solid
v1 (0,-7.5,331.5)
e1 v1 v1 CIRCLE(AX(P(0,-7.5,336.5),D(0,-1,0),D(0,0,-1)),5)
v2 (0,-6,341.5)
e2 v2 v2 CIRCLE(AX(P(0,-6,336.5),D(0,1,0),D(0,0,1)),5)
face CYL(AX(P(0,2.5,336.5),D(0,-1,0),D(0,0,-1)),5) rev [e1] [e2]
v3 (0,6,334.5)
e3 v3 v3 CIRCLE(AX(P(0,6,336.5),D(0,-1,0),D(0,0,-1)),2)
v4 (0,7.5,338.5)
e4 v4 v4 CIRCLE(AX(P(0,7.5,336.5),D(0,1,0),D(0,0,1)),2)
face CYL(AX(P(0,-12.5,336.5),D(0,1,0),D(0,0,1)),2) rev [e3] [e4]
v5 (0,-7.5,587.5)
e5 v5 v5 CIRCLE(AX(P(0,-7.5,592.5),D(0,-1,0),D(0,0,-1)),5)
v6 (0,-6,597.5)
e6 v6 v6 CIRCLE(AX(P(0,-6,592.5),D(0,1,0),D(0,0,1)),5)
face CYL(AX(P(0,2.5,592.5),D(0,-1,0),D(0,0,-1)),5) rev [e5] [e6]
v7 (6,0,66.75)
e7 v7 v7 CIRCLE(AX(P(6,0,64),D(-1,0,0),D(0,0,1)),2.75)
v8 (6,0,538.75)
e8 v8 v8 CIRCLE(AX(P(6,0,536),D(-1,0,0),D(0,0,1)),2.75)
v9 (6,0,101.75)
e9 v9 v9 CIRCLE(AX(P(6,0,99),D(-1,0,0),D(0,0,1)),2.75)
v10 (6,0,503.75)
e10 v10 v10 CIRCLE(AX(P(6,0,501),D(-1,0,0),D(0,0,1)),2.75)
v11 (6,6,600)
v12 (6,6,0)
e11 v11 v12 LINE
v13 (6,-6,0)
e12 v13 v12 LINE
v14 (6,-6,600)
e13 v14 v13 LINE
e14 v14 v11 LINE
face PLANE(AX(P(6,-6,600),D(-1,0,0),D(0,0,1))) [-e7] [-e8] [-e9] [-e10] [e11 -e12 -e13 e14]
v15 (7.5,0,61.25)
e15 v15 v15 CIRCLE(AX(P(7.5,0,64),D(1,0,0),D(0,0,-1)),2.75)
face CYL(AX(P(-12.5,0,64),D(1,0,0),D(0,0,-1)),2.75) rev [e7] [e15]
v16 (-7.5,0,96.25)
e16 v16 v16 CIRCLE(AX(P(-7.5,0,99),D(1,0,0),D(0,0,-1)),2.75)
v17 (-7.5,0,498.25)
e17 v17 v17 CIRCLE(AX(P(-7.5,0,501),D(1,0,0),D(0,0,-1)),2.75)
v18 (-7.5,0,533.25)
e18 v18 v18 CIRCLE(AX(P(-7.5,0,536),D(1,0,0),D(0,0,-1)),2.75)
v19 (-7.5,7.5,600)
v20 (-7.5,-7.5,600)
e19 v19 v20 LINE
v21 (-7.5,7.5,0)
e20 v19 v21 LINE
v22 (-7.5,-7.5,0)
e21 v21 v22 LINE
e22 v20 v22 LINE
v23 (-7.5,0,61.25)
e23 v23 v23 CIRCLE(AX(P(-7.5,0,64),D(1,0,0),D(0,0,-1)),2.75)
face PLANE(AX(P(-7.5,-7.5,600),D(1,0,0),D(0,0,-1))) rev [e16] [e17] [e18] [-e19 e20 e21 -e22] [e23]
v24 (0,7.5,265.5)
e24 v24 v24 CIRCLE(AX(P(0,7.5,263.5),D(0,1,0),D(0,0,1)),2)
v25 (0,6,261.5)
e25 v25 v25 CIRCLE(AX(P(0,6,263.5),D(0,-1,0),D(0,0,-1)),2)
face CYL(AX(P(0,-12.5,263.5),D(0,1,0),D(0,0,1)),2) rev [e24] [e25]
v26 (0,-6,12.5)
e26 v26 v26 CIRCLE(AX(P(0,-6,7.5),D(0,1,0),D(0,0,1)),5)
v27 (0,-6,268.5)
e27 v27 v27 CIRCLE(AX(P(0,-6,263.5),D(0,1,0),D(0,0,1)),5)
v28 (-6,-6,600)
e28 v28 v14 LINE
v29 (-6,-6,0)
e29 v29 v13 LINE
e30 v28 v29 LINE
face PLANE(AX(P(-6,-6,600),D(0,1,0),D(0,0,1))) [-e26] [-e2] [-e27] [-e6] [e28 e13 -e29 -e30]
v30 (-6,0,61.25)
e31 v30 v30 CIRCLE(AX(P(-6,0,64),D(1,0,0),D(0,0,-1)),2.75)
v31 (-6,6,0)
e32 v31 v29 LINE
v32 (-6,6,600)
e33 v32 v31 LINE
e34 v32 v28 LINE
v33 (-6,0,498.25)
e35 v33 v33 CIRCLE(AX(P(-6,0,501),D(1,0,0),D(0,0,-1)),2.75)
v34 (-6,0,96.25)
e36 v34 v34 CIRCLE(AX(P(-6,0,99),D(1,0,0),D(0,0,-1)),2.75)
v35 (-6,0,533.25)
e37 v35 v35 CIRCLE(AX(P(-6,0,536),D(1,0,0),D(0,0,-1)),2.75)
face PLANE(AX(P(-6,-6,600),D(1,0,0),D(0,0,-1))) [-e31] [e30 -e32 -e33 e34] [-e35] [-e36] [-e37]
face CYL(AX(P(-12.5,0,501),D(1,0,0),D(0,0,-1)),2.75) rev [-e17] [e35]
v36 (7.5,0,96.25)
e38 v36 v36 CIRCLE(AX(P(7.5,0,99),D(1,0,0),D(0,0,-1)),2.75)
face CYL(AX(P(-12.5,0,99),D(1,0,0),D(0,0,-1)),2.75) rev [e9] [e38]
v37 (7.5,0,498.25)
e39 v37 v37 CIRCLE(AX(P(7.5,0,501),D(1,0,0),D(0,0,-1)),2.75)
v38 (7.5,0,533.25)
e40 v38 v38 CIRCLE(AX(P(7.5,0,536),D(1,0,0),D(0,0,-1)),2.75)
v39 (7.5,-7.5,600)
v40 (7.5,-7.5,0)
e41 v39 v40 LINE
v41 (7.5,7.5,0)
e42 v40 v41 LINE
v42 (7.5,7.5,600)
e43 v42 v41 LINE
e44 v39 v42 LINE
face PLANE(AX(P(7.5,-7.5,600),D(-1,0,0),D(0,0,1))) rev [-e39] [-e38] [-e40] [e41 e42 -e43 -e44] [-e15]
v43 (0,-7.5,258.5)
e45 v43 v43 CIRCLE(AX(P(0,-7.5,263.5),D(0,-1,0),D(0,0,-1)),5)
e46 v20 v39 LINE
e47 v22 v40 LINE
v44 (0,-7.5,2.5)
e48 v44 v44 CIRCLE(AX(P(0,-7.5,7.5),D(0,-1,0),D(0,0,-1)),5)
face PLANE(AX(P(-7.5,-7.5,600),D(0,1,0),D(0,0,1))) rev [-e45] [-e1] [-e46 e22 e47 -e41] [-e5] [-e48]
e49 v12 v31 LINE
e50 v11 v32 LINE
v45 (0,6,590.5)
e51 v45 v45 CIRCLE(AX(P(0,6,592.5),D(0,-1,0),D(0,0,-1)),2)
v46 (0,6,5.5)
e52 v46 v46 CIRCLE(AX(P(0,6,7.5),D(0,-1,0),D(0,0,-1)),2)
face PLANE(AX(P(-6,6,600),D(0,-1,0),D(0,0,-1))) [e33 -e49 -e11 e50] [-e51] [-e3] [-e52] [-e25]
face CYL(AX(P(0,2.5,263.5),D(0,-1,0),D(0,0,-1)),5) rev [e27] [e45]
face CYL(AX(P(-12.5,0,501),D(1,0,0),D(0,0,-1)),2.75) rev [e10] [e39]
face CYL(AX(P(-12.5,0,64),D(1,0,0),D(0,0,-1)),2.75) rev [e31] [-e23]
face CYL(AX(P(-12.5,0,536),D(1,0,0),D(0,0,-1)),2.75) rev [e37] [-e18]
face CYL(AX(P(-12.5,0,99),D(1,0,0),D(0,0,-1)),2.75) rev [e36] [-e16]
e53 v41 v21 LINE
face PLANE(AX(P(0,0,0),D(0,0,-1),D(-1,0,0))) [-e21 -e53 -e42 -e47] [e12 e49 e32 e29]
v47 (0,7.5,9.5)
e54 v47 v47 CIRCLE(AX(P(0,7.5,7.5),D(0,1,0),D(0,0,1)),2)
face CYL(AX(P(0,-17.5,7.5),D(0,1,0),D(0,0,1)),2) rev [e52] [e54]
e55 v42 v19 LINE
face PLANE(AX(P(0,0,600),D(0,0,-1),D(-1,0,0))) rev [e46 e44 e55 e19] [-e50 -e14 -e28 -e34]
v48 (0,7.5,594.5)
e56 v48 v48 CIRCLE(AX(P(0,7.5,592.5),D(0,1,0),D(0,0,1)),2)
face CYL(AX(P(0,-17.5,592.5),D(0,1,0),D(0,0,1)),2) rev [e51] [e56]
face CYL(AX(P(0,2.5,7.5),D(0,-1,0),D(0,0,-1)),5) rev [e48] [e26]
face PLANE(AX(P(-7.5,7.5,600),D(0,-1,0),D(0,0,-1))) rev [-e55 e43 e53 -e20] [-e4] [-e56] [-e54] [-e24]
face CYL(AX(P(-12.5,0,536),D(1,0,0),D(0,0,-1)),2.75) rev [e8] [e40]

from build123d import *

# Parameters (mm, degrees)
SKETCH_1_W          = 15
SKETCH_1_H          = 15
SKETCH_1_W_2        = 12
SKETCH_1_H_2        = 12
EXTRUDE_1_DEPTH     = 600
SKETCH_3_R          = 2
CUT_EXTRUDE_2_DEPTH = 25
SKETCH_4_R          = 2.75
CUT_EXTRUDE_3_DEPTH = 20
SKETCH_6_R          = 2
CUT_EXTRUDE_4_DEPTH = 20
SKETCH_9_R          = 5
CUT_EXTRUDE_7_DEPTH = 10


with BuildPart() as part:
    # ｽｹｯﾁ1 → ﾎﾞｽ - 押し出し1 (new body)
    with BuildSketch(Plane.XY):
        Rectangle(SKETCH_1_W, SKETCH_1_H)
        Rectangle(SKETCH_1_W_2, SKETCH_1_H_2, mode=Mode.SUBTRACT)
    extrude(amount=EXTRUDE_1_DEPTH)

    # ｽｹｯﾁ3 → ｶｯﾄ - 押し出し2 (cut)
    with BuildSketch(Plane(origin=(0, 7.5, 0), x_dir=(1, 0, 0), z_dir=(0, 1, 0))):
        with Locations((0, -7.5)):
            Circle(SKETCH_3_R)
        with Locations((0, -592.5)):
            Circle(SKETCH_3_R)
    extrude(amount=-CUT_EXTRUDE_2_DEPTH, mode=Mode.SUBTRACT)

    # ｽｹｯﾁ4 → ｶｯﾄ - 押し出し3 (cut)
    with BuildSketch(Plane(origin=(7.5, 0, 0), x_dir=(0, 0, -1), z_dir=(1, 0, 0))):
        with Locations((-536, 0)):
            Circle(SKETCH_4_R)
        with Locations((-501, 0)):
            Circle(SKETCH_4_R)
        with Locations((-99, 0)):
            Circle(SKETCH_4_R)
        with Locations((-64, 0)):
            Circle(SKETCH_4_R)
    extrude(amount=-CUT_EXTRUDE_3_DEPTH, mode=Mode.SUBTRACT)

    # ｽｹｯﾁ6 → ｶｯﾄ - 押し出し4 (cut)
    with BuildSketch(Plane(origin=(0, 7.5, 0), x_dir=(1, 0, 0), z_dir=(0, 1, 0))):
        with Locations((0, -336.5)):
            Circle(SKETCH_6_R)
        with Locations((0, -263.5)):
            Circle(SKETCH_6_R)
    extrude(amount=-CUT_EXTRUDE_4_DEPTH, mode=Mode.SUBTRACT)

    # ｽｹｯﾁ9 → ｶｯﾄ - 押し出し7 (cut)
    with BuildSketch(Plane.XZ.offset(7.5)):
        with Locations((0, 592.5)):
            Circle(SKETCH_9_R)
        with Locations((0, 336.5)):
            Circle(SKETCH_9_R)
        with Locations((0, 263.5)):
            Circle(SKETCH_9_R)
        with Locations((0, 7.5)):
            Circle(SKETCH_9_R)
    extrude(amount=-CUT_EXTRUDE_7_DEPTH, mode=Mode.SUBTRACT)


solid = part.part
